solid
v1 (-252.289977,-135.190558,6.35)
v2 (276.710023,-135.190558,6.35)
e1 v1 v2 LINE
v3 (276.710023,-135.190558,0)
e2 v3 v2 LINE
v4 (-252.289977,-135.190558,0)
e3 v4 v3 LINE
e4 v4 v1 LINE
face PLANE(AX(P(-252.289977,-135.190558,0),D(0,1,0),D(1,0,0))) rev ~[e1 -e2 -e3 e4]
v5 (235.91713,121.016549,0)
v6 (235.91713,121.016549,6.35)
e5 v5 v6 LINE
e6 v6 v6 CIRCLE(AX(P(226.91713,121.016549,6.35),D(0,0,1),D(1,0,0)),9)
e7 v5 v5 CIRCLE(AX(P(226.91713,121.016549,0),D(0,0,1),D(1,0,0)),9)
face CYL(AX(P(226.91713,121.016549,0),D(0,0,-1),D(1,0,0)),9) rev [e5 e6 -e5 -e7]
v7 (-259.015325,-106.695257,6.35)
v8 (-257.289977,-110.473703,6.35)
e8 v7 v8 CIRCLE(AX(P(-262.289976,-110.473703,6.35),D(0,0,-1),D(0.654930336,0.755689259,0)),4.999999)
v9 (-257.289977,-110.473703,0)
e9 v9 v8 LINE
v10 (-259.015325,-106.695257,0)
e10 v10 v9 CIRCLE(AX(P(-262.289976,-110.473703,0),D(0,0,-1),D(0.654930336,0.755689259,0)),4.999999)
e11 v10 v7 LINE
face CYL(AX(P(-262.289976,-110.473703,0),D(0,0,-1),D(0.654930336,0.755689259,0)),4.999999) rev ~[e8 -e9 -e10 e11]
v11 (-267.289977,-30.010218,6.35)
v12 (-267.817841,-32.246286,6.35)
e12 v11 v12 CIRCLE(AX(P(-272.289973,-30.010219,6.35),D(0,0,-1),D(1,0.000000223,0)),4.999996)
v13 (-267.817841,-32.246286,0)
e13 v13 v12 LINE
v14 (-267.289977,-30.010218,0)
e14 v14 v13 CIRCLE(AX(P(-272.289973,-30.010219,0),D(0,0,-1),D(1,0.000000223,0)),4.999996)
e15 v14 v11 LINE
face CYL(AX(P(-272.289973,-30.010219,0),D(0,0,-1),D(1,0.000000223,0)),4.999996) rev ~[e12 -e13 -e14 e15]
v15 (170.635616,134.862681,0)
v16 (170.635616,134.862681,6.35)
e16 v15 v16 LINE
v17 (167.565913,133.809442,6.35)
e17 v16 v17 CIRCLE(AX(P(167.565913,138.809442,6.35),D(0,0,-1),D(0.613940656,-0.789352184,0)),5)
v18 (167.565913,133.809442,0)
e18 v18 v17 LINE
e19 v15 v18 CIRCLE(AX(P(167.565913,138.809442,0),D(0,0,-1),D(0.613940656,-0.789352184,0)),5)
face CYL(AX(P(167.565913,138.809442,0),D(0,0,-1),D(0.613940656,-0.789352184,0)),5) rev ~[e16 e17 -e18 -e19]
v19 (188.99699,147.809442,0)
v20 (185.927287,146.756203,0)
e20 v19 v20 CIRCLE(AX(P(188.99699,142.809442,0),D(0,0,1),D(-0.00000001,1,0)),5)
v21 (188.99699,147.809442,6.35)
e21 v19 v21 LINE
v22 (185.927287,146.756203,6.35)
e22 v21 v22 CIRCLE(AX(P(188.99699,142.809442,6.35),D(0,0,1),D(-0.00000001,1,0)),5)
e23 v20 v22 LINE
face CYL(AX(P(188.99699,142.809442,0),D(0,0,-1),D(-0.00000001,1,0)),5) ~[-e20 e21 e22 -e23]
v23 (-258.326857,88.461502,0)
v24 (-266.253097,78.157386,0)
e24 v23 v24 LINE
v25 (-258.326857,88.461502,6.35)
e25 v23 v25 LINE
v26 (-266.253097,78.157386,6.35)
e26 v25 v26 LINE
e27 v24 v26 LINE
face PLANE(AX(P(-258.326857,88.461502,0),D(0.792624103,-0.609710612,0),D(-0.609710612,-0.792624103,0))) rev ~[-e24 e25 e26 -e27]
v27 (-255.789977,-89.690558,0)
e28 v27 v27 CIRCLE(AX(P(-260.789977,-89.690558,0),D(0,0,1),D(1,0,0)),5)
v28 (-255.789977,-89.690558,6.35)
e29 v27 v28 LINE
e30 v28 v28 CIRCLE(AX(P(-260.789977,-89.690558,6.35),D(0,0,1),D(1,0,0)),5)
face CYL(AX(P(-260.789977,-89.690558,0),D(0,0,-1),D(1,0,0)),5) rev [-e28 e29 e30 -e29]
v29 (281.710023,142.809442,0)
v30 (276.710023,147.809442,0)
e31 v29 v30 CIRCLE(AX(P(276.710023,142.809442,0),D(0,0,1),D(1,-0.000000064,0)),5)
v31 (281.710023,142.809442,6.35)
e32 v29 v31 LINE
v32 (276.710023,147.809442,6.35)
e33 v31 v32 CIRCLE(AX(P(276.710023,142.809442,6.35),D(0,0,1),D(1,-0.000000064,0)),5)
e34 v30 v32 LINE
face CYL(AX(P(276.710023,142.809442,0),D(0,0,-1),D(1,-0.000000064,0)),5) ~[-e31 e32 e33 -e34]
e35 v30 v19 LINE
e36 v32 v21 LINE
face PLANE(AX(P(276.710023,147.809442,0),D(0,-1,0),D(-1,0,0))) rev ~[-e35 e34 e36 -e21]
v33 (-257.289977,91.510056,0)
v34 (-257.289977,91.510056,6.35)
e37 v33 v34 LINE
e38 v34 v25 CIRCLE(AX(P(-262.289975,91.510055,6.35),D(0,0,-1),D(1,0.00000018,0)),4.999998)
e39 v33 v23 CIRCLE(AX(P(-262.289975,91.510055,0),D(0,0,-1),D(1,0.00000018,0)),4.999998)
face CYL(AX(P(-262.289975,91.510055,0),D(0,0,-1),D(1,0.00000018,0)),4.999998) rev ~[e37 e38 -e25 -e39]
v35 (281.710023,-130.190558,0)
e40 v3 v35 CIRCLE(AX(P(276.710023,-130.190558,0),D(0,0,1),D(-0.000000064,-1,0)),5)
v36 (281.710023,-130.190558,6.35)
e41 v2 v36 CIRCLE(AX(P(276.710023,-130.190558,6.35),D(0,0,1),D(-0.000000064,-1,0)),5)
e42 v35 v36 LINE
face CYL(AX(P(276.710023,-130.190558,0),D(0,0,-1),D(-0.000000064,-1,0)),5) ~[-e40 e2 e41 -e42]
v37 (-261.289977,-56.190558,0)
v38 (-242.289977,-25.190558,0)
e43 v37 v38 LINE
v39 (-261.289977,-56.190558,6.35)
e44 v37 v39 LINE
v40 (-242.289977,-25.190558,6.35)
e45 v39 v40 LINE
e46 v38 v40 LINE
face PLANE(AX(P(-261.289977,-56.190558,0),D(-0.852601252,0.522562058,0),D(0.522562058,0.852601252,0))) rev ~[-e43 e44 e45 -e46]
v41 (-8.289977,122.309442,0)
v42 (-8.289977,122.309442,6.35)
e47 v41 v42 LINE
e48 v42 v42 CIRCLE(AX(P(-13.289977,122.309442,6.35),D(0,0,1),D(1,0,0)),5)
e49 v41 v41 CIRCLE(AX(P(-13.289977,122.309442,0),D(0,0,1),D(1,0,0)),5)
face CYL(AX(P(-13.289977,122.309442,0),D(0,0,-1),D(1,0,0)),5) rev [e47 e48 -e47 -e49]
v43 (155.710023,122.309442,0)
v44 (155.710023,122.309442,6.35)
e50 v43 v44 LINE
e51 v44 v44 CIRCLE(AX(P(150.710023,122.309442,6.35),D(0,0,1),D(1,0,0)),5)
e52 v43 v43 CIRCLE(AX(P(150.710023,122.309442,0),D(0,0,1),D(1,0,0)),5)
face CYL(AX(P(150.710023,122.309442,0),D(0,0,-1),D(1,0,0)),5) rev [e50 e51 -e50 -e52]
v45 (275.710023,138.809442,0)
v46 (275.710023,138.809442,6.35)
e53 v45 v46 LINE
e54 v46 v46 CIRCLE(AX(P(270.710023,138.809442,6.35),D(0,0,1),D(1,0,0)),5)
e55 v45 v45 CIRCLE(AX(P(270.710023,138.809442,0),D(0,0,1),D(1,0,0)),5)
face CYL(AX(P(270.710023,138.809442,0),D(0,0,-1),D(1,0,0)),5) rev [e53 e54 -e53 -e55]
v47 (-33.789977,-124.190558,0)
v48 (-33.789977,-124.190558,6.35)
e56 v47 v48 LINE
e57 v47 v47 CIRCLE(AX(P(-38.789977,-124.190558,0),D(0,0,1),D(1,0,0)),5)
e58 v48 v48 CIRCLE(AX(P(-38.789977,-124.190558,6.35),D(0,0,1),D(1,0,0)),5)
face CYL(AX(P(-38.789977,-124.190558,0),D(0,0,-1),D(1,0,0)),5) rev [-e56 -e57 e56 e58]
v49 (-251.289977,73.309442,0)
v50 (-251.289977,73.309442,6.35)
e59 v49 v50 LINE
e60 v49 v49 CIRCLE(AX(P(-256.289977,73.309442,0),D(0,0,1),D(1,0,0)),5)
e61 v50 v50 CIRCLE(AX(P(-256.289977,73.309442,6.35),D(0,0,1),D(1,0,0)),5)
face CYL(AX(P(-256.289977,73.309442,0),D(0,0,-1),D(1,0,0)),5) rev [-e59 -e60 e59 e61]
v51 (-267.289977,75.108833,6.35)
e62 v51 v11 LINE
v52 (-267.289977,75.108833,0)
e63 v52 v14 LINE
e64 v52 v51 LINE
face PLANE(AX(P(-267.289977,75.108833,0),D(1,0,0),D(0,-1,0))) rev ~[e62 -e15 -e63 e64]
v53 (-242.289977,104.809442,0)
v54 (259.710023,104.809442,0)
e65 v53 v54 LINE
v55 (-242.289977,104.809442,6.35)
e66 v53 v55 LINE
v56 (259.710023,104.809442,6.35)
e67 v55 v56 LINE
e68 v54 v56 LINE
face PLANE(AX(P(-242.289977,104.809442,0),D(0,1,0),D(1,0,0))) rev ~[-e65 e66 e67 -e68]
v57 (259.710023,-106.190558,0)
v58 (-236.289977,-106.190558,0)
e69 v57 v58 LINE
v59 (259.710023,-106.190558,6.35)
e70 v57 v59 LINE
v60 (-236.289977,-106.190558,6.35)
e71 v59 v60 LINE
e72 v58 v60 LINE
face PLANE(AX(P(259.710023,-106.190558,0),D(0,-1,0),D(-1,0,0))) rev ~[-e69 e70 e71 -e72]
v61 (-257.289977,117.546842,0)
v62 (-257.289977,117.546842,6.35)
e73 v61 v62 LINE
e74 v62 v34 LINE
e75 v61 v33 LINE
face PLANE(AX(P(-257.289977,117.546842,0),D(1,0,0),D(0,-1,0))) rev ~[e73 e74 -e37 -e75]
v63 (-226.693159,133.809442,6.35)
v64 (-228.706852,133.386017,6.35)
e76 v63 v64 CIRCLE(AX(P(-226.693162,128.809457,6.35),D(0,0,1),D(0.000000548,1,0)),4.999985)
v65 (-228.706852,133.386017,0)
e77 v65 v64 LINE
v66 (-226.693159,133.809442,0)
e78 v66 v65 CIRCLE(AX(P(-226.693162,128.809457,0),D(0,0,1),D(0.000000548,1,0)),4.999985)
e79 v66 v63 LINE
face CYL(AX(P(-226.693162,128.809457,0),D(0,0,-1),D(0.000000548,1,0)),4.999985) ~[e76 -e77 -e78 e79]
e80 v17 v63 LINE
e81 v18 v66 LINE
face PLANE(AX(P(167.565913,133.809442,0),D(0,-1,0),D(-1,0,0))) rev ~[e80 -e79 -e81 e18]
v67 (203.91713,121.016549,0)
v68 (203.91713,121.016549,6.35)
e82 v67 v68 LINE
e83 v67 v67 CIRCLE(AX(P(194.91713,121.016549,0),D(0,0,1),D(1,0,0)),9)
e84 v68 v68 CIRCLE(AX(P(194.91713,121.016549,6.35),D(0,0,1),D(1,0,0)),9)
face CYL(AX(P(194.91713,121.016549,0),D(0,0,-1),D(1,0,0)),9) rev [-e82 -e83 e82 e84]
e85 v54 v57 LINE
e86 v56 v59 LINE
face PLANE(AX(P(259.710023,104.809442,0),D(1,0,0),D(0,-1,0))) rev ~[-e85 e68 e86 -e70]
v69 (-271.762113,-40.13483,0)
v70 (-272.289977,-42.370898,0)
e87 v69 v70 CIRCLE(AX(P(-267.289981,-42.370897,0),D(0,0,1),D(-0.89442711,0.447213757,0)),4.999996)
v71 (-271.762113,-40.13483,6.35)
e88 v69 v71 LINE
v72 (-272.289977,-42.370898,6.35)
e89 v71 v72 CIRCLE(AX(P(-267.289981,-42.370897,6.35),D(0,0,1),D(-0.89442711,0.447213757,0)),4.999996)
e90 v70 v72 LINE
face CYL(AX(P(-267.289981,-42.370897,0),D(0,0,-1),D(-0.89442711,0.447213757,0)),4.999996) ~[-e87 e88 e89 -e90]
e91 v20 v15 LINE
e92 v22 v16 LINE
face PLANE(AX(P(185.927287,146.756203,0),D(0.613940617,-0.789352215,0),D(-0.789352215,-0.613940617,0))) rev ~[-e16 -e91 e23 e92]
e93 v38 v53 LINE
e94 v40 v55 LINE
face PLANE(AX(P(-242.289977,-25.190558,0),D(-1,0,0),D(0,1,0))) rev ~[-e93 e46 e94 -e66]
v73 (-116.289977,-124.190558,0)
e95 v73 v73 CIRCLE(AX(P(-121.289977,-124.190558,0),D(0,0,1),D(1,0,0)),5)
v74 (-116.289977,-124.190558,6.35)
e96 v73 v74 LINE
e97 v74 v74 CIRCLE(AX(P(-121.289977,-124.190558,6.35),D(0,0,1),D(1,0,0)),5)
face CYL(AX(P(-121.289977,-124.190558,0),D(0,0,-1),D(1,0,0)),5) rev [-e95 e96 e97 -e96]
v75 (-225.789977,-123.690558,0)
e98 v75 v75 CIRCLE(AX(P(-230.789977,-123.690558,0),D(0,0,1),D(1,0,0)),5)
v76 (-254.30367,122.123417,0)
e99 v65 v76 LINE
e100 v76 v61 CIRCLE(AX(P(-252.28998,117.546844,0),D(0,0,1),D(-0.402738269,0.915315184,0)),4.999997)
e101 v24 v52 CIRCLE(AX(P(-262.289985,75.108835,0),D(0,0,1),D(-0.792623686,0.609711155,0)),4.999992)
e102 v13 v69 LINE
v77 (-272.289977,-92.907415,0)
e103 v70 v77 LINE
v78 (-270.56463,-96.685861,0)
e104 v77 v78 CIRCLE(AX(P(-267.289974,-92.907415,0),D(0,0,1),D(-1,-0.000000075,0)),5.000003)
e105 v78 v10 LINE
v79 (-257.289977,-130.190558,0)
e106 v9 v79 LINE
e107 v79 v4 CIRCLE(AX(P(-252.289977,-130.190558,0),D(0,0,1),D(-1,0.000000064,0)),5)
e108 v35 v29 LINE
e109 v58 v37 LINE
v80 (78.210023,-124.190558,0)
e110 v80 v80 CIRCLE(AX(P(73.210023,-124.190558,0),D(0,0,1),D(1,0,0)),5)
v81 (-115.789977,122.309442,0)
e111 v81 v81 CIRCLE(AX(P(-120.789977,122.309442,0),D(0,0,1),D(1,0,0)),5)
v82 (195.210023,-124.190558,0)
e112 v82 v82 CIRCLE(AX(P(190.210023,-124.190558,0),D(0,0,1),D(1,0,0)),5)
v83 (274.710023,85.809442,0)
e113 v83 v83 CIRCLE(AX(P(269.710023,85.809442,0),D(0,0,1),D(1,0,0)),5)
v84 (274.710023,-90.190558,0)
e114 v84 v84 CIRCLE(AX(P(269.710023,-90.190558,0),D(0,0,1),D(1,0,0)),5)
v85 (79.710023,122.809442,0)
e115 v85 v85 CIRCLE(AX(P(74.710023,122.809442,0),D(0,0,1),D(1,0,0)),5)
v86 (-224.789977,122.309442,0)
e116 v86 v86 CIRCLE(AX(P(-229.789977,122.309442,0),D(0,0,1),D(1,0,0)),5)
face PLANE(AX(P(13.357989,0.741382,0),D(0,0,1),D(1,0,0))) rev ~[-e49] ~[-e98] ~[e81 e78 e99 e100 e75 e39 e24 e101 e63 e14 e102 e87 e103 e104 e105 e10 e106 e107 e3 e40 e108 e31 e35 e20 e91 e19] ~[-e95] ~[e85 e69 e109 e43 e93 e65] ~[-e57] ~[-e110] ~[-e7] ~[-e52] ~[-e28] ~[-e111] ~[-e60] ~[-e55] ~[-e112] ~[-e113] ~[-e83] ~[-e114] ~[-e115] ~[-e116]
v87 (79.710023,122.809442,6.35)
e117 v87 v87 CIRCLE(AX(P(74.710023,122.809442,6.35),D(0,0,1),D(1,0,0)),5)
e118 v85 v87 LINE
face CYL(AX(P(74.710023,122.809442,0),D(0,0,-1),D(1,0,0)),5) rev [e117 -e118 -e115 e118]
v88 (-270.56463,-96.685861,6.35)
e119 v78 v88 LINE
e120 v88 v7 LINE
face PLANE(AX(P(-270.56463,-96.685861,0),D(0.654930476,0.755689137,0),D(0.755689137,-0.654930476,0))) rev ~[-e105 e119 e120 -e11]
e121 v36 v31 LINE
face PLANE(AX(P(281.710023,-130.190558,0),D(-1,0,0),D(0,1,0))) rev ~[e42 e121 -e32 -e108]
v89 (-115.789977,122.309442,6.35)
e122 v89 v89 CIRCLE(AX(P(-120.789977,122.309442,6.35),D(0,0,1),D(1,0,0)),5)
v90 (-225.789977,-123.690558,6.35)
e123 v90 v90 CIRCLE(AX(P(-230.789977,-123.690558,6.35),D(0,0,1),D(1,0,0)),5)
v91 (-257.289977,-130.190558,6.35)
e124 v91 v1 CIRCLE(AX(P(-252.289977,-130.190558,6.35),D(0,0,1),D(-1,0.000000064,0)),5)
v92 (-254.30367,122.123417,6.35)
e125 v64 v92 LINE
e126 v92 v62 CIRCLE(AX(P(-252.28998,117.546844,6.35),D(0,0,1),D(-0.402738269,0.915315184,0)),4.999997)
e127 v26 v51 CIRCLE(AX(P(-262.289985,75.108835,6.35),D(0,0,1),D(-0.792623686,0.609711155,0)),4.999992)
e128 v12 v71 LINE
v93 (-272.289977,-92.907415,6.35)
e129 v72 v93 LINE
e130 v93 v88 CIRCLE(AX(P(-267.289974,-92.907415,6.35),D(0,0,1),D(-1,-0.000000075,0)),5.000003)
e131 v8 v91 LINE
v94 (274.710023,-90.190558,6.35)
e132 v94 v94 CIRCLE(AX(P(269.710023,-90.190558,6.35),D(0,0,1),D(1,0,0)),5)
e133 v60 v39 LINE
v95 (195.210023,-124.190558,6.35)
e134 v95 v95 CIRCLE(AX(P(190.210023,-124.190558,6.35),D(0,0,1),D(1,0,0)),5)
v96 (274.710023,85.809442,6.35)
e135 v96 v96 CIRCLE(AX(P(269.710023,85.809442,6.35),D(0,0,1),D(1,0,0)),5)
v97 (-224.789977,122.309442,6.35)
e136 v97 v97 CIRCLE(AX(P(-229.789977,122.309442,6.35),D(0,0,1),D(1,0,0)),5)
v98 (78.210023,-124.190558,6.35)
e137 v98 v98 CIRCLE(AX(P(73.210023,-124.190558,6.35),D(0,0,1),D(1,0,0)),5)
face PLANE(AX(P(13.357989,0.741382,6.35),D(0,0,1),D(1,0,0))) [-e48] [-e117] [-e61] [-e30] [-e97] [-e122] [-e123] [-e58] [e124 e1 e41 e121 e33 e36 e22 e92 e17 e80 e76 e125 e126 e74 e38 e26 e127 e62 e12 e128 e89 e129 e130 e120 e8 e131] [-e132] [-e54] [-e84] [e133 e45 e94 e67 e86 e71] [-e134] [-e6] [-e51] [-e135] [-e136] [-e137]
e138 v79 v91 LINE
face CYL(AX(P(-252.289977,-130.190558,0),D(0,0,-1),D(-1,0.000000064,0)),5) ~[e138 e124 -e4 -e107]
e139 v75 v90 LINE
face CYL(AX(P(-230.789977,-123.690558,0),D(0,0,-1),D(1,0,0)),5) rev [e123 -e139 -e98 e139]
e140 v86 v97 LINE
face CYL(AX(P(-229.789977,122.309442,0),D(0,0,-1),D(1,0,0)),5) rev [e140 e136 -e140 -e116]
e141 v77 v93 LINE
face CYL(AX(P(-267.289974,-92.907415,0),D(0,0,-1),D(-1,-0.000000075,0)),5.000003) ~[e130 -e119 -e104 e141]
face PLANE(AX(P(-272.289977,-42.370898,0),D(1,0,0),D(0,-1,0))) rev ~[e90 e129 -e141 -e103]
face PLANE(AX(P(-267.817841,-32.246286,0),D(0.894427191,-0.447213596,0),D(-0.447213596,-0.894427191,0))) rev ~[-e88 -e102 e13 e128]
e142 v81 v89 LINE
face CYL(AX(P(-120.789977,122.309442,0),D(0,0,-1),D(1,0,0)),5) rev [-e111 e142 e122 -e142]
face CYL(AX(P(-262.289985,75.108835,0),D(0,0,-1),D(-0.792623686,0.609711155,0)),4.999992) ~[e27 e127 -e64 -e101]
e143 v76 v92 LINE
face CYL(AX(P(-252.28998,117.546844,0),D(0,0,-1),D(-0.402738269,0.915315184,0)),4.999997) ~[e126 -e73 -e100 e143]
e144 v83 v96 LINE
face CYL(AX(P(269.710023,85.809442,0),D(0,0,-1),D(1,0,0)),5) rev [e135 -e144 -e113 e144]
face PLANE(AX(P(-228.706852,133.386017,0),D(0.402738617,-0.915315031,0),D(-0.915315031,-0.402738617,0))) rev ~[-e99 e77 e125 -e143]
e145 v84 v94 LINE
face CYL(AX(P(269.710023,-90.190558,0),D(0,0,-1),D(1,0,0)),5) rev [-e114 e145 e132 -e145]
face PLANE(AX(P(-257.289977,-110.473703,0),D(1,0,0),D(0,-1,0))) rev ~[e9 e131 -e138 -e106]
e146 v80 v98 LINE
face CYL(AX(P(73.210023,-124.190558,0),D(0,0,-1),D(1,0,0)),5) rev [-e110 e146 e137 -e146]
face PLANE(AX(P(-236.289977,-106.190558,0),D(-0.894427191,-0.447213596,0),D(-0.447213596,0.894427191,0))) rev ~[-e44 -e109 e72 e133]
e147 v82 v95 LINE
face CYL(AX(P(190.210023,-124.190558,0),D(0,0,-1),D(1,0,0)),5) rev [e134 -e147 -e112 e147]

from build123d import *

# Parameters (mm, degrees)
F0_R     = 5
F0_R_2   = 9
F1_DEPTH = 6.35


with BuildPart() as f1:
    # F0 (on Top) → F1 (new body)
    with BuildSketch(Plane.XY):
        with BuildLine():
            Line((276.710023, 147.809442), (188.99699, 147.809442))
            ThreePointArc((188.99699, 147.809442), (187.374308, 147.538808), (185.927287, 146.756203))
            Line((185.927287, 146.756203), (170.635616, 134.862681))
            ThreePointArc((170.635616, 134.862681), (169.188595, 134.080076), (167.565913, 133.809442))
            Line((167.565913, 133.809442), (-226.693159, 133.809442))
            ThreePointArc((-226.693159, 133.809442), (-227.722024, 133.702441), (-228.706852, 133.386017))
            Line((-228.706852, 133.386017), (-254.30367, 122.123417))
            ThreePointArc((-254.30367, 122.123417), (-256.477367, 120.279198), (-257.289977, 117.546842))
            Line((-257.289977, 117.546842), (-257.289977, 91.510056))
            ThreePointArc((-257.289977, 91.510056), (-257.556289, 89.900025), (-258.326857, 88.461502))
            Line((-258.326857, 88.461502), (-266.253097, 78.157386))
            ThreePointArc((-266.253097, 78.157386), (-267.023665, 76.718864), (-267.289977, 75.108833))
            Line((-267.289977, 75.108833), (-267.289977, -30.010218))
            ThreePointArc((-267.289977, -30.010218), (-267.423732, -31.158983), (-267.817841, -32.246286))
            Line((-267.817841, -32.246286), (-271.762113, -40.13483))
            ThreePointArc((-271.762113, -40.13483), (-272.156222, -41.222133), (-272.289977, -42.370898))
            Line((-272.289977, -42.370898), (-272.289977, -92.907415))
            ThreePointArc((-272.289977, -92.907415), (-271.838233, -94.98428), (-270.56463, -96.685861))
            Line((-270.56463, -96.685861), (-259.015325, -106.695257))
            ThreePointArc((-259.015325, -106.695257), (-257.741721, -108.396838), (-257.289977, -110.473703))
            Line((-257.289977, -110.473703), (-257.289977, -130.190558))
            ThreePointArc((-257.289977, -130.190558), (-255.825511, -133.726092), (-252.289977, -135.190558))
            Line((-252.289977, -135.190558), (276.710023, -135.190558))
            ThreePointArc((276.710023, -135.190558), (280.245557, -133.726092), (281.710023, -130.190558))
            Line((281.710023, -130.190558), (281.710023, 142.809442))
            ThreePointArc((281.710023, 142.809442), (280.245557, 146.344976), (276.710023, 147.809442))
        make_face()
        with Locations((-230.789977, -123.690558)):
            Circle(F0_R, mode=Mode.SUBTRACT)
        with Locations((-260.789977, -89.690558)):
            Circle(F0_R, mode=Mode.SUBTRACT)
        with Locations((-121.289977, -124.190558)):
            Circle(F0_R, mode=Mode.SUBTRACT)
        with Locations((-38.789977, -124.190558)):
            Circle(F0_R, mode=Mode.SUBTRACT)
        Polygon((259.710023, -106.190558), (-236.289977, -106.190558), (-261.289977, -56.190558), (-242.289977, -25.190558), (-242.289977, 104.809442), (259.710023, 104.809442), align=None, mode=Mode.SUBTRACT)
        with Locations((73.210023, -124.190558)):
            Circle(F0_R, mode=Mode.SUBTRACT)
        with Locations((190.210023, -124.190558)):
            Circle(F0_R, mode=Mode.SUBTRACT)
        with Locations((269.710023, -90.190558)):
            Circle(F0_R, mode=Mode.SUBTRACT)
        with Locations((-256.289977, 73.309442)):
            Circle(F0_R, mode=Mode.SUBTRACT)
        with Locations((-229.789977, 122.309442)):
            Circle(F0_R, mode=Mode.SUBTRACT)
        with Locations((-120.789977, 122.309442)):
            Circle(F0_R, mode=Mode.SUBTRACT)
        with Locations((-13.289977, 122.309442)):
            Circle(F0_R, mode=Mode.SUBTRACT)
        with Locations((74.710023, 122.809442)):
            Circle(F0_R, mode=Mode.SUBTRACT)
        with Locations((269.710023, 85.809442)):
            Circle(F0_R, mode=Mode.SUBTRACT)
        with Locations((150.710023, 122.309442)):
            Circle(F0_R, mode=Mode.SUBTRACT)
        with Locations((194.91713, 121.016549)):
            Circle(F0_R_2, mode=Mode.SUBTRACT)
        with Locations((226.91713, 121.016549)):
            Circle(F0_R_2, mode=Mode.SUBTRACT)
        with Locations((270.710023, 138.809442)):
            Circle(F0_R, mode=Mode.SUBTRACT)
    extrude(amount=F1_DEPTH)


solid = f1.part
